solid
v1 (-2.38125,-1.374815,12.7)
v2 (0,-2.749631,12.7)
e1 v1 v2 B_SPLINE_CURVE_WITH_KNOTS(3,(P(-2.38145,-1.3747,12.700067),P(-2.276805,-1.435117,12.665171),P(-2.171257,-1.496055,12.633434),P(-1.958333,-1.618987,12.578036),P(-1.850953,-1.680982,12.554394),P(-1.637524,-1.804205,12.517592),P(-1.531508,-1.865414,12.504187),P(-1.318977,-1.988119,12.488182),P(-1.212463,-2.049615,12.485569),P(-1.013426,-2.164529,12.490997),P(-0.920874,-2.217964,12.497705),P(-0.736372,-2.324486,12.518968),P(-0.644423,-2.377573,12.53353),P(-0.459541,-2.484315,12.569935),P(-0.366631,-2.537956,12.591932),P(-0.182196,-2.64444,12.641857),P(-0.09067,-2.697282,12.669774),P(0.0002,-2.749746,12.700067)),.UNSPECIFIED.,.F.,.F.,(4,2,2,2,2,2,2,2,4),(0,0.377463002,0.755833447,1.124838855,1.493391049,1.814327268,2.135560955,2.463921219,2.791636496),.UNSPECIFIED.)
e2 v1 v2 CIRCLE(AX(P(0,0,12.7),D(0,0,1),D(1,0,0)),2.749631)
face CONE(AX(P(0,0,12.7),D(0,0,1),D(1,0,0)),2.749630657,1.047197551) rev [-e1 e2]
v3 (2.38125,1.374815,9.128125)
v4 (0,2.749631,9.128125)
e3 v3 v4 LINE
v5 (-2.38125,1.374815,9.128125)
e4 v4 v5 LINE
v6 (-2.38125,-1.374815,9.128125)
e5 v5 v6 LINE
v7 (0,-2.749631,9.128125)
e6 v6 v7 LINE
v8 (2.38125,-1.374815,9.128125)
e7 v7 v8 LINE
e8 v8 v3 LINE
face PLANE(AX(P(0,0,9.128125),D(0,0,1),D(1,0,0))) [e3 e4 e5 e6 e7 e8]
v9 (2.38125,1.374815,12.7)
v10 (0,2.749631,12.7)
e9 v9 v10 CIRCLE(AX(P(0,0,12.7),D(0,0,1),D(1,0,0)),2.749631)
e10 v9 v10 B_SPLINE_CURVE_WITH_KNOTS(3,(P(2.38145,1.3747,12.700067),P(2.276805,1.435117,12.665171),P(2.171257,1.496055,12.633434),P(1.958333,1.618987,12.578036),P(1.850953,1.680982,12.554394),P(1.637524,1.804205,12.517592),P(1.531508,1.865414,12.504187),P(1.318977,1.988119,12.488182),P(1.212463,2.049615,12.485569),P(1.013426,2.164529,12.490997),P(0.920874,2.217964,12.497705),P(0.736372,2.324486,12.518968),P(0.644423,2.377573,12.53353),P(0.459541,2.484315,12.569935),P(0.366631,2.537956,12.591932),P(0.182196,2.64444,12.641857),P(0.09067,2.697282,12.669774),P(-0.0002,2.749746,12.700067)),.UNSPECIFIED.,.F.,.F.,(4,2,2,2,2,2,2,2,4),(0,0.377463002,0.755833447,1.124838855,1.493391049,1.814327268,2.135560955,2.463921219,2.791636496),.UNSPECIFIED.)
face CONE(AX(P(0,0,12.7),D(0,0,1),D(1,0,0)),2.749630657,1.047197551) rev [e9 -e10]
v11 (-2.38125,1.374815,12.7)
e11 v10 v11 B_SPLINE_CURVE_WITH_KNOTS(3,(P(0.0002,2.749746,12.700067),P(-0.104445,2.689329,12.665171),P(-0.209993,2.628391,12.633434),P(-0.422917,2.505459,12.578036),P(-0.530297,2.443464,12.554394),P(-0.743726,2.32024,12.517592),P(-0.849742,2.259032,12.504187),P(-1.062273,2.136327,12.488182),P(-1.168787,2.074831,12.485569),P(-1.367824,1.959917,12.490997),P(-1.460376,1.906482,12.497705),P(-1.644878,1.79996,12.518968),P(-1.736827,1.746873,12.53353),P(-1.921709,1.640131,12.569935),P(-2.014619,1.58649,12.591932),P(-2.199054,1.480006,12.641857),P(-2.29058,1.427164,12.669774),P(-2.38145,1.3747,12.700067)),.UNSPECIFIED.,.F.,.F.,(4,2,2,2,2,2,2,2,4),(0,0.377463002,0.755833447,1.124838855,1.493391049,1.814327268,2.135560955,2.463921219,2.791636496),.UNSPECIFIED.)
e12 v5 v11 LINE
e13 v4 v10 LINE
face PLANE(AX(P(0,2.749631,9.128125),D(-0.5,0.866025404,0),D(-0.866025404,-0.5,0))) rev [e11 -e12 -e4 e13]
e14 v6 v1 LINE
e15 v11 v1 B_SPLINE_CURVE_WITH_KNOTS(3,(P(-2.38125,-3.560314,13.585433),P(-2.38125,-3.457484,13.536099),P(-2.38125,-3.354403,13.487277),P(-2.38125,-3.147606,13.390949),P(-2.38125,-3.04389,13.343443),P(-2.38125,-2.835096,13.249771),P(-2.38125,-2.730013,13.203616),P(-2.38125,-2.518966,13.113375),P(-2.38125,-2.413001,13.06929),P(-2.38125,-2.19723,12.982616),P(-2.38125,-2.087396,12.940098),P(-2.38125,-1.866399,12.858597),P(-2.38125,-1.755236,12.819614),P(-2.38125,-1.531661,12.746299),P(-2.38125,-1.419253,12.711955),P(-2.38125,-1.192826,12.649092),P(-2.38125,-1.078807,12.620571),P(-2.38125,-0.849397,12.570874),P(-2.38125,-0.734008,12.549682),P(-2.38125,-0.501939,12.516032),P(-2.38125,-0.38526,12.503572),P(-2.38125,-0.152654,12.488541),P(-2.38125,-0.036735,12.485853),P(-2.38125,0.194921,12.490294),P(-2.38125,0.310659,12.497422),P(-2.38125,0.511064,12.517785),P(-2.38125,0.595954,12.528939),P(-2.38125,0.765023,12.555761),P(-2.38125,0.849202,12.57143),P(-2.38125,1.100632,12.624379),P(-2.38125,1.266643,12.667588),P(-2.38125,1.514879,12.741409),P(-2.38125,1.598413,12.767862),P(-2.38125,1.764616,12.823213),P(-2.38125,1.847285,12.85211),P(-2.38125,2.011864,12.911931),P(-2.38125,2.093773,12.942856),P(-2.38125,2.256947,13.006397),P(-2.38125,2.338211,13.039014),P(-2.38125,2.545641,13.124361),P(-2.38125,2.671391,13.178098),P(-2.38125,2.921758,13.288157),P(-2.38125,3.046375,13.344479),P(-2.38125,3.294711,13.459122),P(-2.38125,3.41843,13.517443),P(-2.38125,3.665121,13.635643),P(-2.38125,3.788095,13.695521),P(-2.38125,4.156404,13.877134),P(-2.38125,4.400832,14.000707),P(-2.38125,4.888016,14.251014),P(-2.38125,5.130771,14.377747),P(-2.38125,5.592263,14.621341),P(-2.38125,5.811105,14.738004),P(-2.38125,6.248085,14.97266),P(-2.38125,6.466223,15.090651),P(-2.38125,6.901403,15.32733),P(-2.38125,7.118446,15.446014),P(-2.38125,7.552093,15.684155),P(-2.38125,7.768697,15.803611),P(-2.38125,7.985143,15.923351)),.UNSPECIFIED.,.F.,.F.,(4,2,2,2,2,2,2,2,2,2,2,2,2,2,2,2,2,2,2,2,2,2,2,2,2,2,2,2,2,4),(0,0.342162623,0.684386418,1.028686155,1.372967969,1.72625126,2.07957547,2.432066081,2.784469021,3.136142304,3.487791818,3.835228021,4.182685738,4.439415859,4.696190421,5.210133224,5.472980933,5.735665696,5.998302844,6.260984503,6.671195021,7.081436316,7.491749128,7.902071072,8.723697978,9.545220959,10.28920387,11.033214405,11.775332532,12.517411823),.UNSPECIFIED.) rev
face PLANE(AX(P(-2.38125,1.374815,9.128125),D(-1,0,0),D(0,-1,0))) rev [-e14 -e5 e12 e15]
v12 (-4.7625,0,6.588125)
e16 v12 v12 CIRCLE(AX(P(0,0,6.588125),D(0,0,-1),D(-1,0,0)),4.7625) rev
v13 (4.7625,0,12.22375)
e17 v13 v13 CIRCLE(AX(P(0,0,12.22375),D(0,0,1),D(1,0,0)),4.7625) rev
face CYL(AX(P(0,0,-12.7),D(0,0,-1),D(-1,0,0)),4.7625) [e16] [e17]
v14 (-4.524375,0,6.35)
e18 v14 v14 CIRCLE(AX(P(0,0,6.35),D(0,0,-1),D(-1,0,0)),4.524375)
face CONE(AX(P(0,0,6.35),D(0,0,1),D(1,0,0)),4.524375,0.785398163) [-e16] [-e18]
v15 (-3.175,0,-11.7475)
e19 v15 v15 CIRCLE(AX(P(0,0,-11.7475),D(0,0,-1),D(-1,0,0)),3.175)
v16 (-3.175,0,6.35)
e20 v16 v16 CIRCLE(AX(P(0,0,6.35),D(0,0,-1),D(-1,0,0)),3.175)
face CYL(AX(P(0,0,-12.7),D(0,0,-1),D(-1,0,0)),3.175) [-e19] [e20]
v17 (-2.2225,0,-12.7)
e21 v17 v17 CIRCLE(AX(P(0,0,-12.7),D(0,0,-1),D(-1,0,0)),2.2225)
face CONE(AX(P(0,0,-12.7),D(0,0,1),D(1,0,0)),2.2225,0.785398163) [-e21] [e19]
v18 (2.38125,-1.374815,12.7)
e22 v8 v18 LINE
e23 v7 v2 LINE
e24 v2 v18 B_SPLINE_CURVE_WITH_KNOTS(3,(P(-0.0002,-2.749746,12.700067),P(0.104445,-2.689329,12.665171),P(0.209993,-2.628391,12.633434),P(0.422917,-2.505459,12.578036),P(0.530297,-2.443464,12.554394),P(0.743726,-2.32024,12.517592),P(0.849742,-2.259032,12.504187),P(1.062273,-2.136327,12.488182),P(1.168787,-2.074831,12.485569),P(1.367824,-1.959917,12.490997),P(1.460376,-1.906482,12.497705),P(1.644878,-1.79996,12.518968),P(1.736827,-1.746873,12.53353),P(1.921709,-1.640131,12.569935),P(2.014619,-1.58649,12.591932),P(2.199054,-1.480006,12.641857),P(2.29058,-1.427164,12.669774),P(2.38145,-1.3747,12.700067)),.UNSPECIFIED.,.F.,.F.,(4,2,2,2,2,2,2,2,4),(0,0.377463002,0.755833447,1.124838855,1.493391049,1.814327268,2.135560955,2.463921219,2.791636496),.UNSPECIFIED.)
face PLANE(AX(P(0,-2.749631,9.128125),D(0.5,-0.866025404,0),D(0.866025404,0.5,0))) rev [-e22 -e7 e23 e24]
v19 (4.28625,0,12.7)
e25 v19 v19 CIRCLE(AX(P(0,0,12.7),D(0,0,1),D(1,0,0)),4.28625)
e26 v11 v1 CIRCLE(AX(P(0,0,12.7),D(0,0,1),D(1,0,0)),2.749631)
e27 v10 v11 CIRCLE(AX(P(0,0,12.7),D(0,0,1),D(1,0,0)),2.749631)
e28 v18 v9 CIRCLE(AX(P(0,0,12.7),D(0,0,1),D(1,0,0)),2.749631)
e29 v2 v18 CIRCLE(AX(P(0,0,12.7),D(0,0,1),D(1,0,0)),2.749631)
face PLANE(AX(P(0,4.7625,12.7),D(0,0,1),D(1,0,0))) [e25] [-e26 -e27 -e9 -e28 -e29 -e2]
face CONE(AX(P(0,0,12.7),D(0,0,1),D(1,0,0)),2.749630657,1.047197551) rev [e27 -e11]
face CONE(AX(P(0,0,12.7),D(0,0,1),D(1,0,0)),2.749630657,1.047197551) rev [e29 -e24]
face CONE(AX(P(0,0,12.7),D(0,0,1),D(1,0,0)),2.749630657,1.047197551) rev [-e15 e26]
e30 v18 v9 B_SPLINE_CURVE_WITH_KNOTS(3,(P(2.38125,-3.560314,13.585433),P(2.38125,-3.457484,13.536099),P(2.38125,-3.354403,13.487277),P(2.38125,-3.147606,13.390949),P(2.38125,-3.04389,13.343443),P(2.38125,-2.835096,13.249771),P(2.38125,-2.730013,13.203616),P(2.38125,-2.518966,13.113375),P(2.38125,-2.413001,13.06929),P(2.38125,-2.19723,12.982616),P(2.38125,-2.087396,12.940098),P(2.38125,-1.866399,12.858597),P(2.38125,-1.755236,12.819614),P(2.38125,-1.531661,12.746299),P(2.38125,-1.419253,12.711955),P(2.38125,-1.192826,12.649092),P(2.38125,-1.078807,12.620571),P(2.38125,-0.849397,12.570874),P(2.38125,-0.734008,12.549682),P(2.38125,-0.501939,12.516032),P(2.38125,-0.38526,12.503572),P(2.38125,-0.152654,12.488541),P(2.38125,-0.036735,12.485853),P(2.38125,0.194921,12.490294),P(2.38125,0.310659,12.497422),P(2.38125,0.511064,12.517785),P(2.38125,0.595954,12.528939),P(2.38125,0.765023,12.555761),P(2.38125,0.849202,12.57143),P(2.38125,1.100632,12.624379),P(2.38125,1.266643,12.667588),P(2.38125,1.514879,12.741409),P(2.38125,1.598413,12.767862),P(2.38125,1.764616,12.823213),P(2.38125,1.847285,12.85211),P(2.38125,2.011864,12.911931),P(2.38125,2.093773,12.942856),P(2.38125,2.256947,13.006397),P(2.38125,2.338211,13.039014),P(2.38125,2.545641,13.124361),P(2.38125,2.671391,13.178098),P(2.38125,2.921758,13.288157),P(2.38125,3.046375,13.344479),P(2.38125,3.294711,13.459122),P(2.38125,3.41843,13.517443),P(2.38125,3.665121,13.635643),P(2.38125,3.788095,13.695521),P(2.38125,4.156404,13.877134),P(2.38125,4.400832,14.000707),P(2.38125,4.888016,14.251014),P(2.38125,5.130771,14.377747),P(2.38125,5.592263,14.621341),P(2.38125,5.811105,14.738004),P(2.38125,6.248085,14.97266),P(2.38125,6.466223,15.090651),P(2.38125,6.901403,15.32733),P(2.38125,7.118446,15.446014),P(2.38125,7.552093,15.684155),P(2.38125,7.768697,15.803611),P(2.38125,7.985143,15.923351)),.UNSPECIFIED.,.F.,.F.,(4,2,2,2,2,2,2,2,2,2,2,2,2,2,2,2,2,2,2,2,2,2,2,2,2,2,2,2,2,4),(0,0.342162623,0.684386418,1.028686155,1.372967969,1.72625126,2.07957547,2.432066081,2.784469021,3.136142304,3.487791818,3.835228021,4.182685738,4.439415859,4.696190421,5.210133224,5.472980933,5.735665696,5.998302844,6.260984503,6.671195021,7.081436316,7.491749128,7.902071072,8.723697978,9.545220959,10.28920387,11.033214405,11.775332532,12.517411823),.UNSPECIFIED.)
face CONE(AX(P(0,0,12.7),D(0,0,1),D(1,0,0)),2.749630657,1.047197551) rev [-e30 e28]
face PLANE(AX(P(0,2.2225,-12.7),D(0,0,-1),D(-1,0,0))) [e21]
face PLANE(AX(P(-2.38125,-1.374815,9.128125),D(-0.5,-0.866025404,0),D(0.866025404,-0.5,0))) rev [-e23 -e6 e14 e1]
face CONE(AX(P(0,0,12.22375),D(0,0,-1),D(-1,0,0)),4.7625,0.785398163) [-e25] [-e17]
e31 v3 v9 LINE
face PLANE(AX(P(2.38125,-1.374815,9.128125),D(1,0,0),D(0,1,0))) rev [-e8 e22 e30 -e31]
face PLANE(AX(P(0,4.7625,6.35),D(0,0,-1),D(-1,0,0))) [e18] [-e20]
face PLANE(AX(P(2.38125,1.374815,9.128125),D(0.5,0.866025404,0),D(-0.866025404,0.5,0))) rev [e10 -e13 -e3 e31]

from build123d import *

# Parameters (mm, degrees)
CUT_EXTRUDE1_DEPTH = 3.571875
CHAMFER1_SIZE      = 0.47625
CHAMFER2_SIZE      = 0.238125


with BuildPart() as part:
    # Sketch2 → Revolve1 (revolve)
    with BuildSketch(Plane(origin=(0, 0, 0), x_dir=(0, 0, -1), z_dir=(1, 0, 0))):
        Polygon((12.7, 2.2225), (11.7475, 3.175), (-6.35, 3.175), (-6.35, 4.7625), (-12.7, 4.7625), (-12.7, 0), (12.7, 0), align=None)
    revolve(axis=Axis((0, 0, -12.7), (0, 0, 1)))

    # Sketch4 → Cut-Extrude1 (cut)
    with BuildSketch(Plane.XY.offset(12.7)):
        Polygon((0, 2.749630657), (-2.38125, 1.374815329), (-2.38125, -1.374815329), (0, -2.749630657), (2.38125, -1.374815329), (2.38125, 1.374815329), align=None)
    extrude(amount=-CUT_EXTRUDE1_DEPTH, mode=Mode.SUBTRACT)

    # Cut-Extrude2 cone 1 section (through the dimple's axis) → Cut-Extrude2 (revolve, cut)
    with BuildSketch(Plane(origin=(0, 0, 12.7), x_dir=(0, -1, 0), z_dir=(1, 0, 0))):
        Polygon((0, 0), (2.749630657, 0), (0, 1.5875), align=None)
    revolve(axis=Axis((0, 0, 12.7), (0, 0, -1)), mode=Mode.SUBTRACT)

    # Chamfer1
    chamfer1_edges = [part.edges().sort_by_distance(p)[0] for p in [
        (0, -4.7625, 12.7),
    ]]
    chamfer(chamfer1_edges, length=CHAMFER1_SIZE)

    # Chamfer2
    chamfer2_edges = [part.edges().sort_by_distance(p)[0] for p in [
        (0, -4.7625, 6.35),
    ]]
    chamfer(chamfer2_edges, length=CHAMFER2_SIZE)


solid = part.part
